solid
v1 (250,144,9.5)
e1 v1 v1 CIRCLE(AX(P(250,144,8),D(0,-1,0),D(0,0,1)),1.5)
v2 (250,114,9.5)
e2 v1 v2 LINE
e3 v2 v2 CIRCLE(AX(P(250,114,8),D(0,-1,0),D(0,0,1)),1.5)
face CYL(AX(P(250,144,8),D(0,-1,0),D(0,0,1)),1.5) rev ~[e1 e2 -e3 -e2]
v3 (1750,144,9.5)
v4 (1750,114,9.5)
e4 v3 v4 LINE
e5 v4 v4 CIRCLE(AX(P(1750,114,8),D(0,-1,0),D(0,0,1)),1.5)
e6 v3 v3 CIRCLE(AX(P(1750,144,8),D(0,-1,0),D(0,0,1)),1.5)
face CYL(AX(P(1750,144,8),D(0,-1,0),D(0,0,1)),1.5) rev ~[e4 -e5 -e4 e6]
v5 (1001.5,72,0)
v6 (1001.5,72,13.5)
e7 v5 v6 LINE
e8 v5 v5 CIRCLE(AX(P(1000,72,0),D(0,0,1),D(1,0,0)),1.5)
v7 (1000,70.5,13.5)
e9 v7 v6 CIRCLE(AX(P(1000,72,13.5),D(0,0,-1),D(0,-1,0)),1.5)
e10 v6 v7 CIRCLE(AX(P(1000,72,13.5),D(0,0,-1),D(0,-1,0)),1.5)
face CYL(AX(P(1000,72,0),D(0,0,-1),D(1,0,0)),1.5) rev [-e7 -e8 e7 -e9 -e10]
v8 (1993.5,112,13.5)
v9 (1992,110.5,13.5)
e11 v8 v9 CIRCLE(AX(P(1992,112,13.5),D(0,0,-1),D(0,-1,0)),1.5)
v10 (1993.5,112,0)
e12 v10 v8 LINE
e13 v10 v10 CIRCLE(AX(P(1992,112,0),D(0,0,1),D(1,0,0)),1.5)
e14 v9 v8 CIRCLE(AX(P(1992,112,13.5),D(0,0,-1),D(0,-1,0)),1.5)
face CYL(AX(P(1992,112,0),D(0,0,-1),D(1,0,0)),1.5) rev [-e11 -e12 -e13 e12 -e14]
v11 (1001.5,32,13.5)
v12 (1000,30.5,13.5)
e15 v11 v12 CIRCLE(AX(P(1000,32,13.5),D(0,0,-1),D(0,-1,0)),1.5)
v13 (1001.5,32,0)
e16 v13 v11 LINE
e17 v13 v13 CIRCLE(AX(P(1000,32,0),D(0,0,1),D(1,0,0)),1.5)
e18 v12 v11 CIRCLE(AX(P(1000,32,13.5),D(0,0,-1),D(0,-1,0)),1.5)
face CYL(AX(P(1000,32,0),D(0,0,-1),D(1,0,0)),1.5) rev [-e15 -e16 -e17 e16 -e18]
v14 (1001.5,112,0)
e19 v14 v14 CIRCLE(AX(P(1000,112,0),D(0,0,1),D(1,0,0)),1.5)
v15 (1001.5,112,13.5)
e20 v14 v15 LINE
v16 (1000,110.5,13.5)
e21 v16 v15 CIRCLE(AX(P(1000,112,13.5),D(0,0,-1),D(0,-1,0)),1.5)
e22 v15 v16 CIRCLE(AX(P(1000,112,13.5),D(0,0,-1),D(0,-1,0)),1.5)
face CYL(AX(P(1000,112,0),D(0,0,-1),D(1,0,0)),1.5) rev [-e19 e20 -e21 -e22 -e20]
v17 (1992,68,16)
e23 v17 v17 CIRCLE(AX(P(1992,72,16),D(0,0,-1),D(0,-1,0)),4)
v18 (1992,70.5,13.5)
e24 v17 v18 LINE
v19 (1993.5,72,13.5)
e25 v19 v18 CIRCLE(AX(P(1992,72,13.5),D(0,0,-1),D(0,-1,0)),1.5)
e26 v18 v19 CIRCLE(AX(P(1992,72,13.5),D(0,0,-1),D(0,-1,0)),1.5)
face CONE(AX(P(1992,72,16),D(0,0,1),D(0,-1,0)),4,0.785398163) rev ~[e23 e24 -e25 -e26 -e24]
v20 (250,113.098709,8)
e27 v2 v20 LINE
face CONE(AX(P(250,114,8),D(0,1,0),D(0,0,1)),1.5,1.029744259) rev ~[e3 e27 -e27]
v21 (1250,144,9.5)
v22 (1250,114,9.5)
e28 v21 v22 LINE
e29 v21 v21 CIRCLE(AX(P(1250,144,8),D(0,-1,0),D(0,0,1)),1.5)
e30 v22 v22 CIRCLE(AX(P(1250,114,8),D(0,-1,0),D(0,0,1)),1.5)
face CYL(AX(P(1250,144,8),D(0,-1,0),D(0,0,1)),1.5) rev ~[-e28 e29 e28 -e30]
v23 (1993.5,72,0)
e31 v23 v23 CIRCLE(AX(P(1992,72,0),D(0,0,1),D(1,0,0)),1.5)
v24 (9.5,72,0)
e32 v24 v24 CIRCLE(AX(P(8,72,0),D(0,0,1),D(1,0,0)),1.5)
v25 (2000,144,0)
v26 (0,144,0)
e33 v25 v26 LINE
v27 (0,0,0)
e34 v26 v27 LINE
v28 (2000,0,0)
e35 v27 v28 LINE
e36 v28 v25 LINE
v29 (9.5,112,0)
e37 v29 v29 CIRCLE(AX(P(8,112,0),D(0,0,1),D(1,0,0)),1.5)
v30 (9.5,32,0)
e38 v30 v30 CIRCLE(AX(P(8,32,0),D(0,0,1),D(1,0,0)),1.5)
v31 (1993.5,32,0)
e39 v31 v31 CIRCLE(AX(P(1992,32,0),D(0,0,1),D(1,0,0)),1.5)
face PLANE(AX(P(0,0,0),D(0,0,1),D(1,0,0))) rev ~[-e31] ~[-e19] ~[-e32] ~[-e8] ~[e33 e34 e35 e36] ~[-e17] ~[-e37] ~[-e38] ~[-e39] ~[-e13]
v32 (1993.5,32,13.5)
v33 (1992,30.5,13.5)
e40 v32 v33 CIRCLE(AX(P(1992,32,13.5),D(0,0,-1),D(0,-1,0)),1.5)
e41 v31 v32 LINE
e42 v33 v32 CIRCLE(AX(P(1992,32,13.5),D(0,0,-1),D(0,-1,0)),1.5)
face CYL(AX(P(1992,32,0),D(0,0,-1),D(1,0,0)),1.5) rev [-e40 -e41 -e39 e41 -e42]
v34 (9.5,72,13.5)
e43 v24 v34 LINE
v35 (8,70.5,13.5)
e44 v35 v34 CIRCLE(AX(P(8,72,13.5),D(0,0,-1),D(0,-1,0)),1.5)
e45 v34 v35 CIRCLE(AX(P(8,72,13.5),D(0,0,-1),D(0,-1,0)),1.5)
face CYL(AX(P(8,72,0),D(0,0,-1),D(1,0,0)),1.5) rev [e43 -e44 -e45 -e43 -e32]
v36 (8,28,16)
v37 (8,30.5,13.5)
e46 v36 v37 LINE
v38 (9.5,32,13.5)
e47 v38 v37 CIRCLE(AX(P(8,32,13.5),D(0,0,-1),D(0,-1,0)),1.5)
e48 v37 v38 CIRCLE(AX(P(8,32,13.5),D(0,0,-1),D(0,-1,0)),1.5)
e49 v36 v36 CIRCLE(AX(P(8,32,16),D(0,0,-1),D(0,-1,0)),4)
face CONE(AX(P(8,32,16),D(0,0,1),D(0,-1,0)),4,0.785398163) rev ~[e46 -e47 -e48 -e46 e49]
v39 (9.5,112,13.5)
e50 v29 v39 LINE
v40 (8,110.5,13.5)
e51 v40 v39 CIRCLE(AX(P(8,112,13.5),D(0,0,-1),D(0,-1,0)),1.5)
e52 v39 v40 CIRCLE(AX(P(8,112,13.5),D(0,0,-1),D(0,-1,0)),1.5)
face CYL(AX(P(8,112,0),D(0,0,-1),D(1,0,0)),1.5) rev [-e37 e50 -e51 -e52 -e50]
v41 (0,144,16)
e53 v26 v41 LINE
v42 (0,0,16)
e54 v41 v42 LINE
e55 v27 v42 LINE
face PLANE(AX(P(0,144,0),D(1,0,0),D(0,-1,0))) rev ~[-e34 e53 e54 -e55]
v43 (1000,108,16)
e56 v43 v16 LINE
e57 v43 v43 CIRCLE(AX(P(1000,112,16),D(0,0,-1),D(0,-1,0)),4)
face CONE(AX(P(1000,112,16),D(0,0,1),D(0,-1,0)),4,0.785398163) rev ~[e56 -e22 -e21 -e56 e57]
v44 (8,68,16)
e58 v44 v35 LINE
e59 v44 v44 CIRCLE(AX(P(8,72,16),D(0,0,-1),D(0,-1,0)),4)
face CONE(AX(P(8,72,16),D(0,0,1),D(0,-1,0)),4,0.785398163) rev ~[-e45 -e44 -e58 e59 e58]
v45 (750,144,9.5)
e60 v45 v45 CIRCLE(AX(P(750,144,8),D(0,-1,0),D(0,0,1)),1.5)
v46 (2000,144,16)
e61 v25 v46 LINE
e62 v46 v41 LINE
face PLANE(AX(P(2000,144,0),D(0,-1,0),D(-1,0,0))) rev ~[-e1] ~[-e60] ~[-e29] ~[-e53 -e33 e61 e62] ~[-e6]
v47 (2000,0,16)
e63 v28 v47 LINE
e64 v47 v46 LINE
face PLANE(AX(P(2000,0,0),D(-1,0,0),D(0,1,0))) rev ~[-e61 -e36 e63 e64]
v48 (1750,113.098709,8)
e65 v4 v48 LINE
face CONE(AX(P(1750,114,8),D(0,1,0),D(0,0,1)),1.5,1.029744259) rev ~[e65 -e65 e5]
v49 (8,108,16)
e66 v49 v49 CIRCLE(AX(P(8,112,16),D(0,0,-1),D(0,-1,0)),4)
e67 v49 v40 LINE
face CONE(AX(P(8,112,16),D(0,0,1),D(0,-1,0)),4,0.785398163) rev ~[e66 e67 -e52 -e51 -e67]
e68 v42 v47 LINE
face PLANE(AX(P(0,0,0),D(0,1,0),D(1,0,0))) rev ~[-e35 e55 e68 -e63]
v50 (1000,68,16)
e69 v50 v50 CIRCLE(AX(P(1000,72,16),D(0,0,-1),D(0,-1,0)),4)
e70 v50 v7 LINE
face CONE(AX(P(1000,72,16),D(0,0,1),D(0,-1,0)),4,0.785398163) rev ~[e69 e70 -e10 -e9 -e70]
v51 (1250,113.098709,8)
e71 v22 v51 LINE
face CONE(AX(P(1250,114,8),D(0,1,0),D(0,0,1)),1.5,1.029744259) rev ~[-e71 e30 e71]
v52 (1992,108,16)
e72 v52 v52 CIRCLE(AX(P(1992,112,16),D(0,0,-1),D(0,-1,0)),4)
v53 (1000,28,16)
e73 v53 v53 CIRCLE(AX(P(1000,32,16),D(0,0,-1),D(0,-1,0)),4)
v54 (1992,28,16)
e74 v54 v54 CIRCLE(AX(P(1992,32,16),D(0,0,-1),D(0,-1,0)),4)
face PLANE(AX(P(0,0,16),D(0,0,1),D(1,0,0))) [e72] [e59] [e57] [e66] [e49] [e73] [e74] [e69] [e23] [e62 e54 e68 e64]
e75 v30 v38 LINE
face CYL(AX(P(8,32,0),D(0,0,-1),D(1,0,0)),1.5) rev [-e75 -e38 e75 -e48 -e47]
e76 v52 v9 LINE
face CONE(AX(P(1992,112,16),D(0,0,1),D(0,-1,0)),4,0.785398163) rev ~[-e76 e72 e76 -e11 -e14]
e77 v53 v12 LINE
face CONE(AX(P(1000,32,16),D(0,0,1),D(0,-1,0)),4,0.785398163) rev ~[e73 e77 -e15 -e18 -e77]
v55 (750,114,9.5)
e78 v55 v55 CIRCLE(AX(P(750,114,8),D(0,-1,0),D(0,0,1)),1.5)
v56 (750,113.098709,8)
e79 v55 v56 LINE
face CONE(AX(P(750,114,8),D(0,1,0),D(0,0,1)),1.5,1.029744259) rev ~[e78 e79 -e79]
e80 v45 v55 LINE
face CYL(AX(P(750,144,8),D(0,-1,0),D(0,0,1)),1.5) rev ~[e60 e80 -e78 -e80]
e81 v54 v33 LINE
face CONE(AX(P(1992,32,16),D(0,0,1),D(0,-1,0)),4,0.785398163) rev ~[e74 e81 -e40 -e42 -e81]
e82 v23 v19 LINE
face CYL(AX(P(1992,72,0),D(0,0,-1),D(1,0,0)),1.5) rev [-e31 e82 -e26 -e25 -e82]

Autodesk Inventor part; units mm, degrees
ref_plane "YZ Plane" through (0, 0, 0) normal (1, 0, 0) x (0, 1, 0)
ref_plane "XZ Plane" through (0, 0, 0) normal (0, 1, 0) x (-1, 0, 0)
ref_plane "XY Plane" through (0, 0, 0) normal (0, 0, 1) x (1, 0, 0)
sketch "Skizze1" plane through (0, 0, 0) normal (0, 0, 1) x (1, 0, 0)
  line L0 (0, 0) -> (2000, 0)
  line L1 (2000, 0) -> (2000, 144)
  line L2 (2000, 144) -> (0, 144)
  line L3 (0, 144) -> (0, 0)
  line L4 (1000, 0) -> (1000, 144) construction
  line L5 (1992, 144) -> (1992, 0) construction
  line L6 (2000, 112) -> (0, 112) construction
  line L7 (2000, 32) -> (0, 32) construction
  circle A0 centre (1992, 112) radius 1.5
  circle A1 centre (1992, 32) radius 1.5
  line L8 (8, 144) -> (8, 0) construction
  circle A2 centre (8, 112) radius 1.5
  circle A3 centre (8, 72) radius 1.5
  circle A4 centre (8, 32) radius 1.5
  circle A5 centre (1992, 72) radius 1.5
  circle A6 centre (1000, 72) radius 1.5
  circle A7 centre (1000, 112) radius 1.5
  circle A8 centre (1000, 32) radius 1.5
  point P0 (2000, 72)
  dimension "d0" = 2000
  dimension "d1" = 144
  dimension "d20" = 8
  dimension "d21" = 40
  dimension "d22" = 40
  dimension "d23" = 3
  dimension "d24" = 3
  dimension "d25" = 8
  dimension "d26" = 3
  dimension "d27" = 3
  dimension "d28" = 3
  dimension "d29" = 3
  dimension "d30" = 3
  dimension "d31" = 3
  dimension "d32" = 3
extrude "Extrusion1" add sketch "Skizze1" along normal blind 16
sketch "Skizze2" plane through (0, 0, 16) normal (0, 0, 1) x (1, 0, 0)
  circle A0 centre (1000, 72) radius 1.5 projected
  circle A1 centre (1992, 112) radius 1.5 projected
  circle A2 centre (1992, 72) radius 1.5 projected
  circle A3 centre (1992, 32) radius 1.5 projected
  circle A4 centre (8, 72) radius 1.5 projected
  circle A5 centre (8, 112) radius 1.5 projected
  circle A6 centre (8, 32) radius 1.5 projected
  circle A7 centre (1000, 32) radius 1.5 projected
  circle A8 centre (1000, 112) radius 1.5 projected
  point P0 (0, 0)
hole "Bohrung7" at (1000, 72, 16) at (1992, 112, 16) at (1992, 72, 16) at (1992, 32, 16) at (8, 72, 16) at (8, 32, 16) at (8, 112, 16) at (1000, 112, 16) at (1000, 32, 16) direction (0, 0, -1) diameter 3 depth 8 countersink diameter 8 countersink angle 90
sketch "Skizze3" plane through (0, 144, 0) normal (0, 1, 0) x (1, 0, 0)
  line L0 (0, 0) -> (2000, 0) construction
  line L1 (2000, 0) -> (2000, -16) construction
  line L2 (2000, -16) -> (0, -16) construction
  line L3 (0, -16) -> (0, 0) construction
  line L4 (0, 0) -> (0, -16) projected
  line L5 (0, -8) -> (2000, -8) construction
  line L6 (2000, 0) -> (2000, -16) projected
  line L7 (0, -16) -> (2000, -16) construction
  line L8 (1000, -16) -> (1000, 0) construction
  point P0 (750, -8)
  point P1 (250, -8)
  point P2 (1250, -8)
  point P3 (1750, -8)
  dimension "d120" = 250
  dimension "d121" = 250
  dimension "d122" = 250
  dimension "d123" = 250
hole "Bohrung12" at (750, 144, 8) at (250, 144, 8) at (1250, 144, 8) at (1750, 144, 8) direction (0, -1, 0) diameter 3 depth 30 tip angle 118
properties part number "licht_200_back1"
